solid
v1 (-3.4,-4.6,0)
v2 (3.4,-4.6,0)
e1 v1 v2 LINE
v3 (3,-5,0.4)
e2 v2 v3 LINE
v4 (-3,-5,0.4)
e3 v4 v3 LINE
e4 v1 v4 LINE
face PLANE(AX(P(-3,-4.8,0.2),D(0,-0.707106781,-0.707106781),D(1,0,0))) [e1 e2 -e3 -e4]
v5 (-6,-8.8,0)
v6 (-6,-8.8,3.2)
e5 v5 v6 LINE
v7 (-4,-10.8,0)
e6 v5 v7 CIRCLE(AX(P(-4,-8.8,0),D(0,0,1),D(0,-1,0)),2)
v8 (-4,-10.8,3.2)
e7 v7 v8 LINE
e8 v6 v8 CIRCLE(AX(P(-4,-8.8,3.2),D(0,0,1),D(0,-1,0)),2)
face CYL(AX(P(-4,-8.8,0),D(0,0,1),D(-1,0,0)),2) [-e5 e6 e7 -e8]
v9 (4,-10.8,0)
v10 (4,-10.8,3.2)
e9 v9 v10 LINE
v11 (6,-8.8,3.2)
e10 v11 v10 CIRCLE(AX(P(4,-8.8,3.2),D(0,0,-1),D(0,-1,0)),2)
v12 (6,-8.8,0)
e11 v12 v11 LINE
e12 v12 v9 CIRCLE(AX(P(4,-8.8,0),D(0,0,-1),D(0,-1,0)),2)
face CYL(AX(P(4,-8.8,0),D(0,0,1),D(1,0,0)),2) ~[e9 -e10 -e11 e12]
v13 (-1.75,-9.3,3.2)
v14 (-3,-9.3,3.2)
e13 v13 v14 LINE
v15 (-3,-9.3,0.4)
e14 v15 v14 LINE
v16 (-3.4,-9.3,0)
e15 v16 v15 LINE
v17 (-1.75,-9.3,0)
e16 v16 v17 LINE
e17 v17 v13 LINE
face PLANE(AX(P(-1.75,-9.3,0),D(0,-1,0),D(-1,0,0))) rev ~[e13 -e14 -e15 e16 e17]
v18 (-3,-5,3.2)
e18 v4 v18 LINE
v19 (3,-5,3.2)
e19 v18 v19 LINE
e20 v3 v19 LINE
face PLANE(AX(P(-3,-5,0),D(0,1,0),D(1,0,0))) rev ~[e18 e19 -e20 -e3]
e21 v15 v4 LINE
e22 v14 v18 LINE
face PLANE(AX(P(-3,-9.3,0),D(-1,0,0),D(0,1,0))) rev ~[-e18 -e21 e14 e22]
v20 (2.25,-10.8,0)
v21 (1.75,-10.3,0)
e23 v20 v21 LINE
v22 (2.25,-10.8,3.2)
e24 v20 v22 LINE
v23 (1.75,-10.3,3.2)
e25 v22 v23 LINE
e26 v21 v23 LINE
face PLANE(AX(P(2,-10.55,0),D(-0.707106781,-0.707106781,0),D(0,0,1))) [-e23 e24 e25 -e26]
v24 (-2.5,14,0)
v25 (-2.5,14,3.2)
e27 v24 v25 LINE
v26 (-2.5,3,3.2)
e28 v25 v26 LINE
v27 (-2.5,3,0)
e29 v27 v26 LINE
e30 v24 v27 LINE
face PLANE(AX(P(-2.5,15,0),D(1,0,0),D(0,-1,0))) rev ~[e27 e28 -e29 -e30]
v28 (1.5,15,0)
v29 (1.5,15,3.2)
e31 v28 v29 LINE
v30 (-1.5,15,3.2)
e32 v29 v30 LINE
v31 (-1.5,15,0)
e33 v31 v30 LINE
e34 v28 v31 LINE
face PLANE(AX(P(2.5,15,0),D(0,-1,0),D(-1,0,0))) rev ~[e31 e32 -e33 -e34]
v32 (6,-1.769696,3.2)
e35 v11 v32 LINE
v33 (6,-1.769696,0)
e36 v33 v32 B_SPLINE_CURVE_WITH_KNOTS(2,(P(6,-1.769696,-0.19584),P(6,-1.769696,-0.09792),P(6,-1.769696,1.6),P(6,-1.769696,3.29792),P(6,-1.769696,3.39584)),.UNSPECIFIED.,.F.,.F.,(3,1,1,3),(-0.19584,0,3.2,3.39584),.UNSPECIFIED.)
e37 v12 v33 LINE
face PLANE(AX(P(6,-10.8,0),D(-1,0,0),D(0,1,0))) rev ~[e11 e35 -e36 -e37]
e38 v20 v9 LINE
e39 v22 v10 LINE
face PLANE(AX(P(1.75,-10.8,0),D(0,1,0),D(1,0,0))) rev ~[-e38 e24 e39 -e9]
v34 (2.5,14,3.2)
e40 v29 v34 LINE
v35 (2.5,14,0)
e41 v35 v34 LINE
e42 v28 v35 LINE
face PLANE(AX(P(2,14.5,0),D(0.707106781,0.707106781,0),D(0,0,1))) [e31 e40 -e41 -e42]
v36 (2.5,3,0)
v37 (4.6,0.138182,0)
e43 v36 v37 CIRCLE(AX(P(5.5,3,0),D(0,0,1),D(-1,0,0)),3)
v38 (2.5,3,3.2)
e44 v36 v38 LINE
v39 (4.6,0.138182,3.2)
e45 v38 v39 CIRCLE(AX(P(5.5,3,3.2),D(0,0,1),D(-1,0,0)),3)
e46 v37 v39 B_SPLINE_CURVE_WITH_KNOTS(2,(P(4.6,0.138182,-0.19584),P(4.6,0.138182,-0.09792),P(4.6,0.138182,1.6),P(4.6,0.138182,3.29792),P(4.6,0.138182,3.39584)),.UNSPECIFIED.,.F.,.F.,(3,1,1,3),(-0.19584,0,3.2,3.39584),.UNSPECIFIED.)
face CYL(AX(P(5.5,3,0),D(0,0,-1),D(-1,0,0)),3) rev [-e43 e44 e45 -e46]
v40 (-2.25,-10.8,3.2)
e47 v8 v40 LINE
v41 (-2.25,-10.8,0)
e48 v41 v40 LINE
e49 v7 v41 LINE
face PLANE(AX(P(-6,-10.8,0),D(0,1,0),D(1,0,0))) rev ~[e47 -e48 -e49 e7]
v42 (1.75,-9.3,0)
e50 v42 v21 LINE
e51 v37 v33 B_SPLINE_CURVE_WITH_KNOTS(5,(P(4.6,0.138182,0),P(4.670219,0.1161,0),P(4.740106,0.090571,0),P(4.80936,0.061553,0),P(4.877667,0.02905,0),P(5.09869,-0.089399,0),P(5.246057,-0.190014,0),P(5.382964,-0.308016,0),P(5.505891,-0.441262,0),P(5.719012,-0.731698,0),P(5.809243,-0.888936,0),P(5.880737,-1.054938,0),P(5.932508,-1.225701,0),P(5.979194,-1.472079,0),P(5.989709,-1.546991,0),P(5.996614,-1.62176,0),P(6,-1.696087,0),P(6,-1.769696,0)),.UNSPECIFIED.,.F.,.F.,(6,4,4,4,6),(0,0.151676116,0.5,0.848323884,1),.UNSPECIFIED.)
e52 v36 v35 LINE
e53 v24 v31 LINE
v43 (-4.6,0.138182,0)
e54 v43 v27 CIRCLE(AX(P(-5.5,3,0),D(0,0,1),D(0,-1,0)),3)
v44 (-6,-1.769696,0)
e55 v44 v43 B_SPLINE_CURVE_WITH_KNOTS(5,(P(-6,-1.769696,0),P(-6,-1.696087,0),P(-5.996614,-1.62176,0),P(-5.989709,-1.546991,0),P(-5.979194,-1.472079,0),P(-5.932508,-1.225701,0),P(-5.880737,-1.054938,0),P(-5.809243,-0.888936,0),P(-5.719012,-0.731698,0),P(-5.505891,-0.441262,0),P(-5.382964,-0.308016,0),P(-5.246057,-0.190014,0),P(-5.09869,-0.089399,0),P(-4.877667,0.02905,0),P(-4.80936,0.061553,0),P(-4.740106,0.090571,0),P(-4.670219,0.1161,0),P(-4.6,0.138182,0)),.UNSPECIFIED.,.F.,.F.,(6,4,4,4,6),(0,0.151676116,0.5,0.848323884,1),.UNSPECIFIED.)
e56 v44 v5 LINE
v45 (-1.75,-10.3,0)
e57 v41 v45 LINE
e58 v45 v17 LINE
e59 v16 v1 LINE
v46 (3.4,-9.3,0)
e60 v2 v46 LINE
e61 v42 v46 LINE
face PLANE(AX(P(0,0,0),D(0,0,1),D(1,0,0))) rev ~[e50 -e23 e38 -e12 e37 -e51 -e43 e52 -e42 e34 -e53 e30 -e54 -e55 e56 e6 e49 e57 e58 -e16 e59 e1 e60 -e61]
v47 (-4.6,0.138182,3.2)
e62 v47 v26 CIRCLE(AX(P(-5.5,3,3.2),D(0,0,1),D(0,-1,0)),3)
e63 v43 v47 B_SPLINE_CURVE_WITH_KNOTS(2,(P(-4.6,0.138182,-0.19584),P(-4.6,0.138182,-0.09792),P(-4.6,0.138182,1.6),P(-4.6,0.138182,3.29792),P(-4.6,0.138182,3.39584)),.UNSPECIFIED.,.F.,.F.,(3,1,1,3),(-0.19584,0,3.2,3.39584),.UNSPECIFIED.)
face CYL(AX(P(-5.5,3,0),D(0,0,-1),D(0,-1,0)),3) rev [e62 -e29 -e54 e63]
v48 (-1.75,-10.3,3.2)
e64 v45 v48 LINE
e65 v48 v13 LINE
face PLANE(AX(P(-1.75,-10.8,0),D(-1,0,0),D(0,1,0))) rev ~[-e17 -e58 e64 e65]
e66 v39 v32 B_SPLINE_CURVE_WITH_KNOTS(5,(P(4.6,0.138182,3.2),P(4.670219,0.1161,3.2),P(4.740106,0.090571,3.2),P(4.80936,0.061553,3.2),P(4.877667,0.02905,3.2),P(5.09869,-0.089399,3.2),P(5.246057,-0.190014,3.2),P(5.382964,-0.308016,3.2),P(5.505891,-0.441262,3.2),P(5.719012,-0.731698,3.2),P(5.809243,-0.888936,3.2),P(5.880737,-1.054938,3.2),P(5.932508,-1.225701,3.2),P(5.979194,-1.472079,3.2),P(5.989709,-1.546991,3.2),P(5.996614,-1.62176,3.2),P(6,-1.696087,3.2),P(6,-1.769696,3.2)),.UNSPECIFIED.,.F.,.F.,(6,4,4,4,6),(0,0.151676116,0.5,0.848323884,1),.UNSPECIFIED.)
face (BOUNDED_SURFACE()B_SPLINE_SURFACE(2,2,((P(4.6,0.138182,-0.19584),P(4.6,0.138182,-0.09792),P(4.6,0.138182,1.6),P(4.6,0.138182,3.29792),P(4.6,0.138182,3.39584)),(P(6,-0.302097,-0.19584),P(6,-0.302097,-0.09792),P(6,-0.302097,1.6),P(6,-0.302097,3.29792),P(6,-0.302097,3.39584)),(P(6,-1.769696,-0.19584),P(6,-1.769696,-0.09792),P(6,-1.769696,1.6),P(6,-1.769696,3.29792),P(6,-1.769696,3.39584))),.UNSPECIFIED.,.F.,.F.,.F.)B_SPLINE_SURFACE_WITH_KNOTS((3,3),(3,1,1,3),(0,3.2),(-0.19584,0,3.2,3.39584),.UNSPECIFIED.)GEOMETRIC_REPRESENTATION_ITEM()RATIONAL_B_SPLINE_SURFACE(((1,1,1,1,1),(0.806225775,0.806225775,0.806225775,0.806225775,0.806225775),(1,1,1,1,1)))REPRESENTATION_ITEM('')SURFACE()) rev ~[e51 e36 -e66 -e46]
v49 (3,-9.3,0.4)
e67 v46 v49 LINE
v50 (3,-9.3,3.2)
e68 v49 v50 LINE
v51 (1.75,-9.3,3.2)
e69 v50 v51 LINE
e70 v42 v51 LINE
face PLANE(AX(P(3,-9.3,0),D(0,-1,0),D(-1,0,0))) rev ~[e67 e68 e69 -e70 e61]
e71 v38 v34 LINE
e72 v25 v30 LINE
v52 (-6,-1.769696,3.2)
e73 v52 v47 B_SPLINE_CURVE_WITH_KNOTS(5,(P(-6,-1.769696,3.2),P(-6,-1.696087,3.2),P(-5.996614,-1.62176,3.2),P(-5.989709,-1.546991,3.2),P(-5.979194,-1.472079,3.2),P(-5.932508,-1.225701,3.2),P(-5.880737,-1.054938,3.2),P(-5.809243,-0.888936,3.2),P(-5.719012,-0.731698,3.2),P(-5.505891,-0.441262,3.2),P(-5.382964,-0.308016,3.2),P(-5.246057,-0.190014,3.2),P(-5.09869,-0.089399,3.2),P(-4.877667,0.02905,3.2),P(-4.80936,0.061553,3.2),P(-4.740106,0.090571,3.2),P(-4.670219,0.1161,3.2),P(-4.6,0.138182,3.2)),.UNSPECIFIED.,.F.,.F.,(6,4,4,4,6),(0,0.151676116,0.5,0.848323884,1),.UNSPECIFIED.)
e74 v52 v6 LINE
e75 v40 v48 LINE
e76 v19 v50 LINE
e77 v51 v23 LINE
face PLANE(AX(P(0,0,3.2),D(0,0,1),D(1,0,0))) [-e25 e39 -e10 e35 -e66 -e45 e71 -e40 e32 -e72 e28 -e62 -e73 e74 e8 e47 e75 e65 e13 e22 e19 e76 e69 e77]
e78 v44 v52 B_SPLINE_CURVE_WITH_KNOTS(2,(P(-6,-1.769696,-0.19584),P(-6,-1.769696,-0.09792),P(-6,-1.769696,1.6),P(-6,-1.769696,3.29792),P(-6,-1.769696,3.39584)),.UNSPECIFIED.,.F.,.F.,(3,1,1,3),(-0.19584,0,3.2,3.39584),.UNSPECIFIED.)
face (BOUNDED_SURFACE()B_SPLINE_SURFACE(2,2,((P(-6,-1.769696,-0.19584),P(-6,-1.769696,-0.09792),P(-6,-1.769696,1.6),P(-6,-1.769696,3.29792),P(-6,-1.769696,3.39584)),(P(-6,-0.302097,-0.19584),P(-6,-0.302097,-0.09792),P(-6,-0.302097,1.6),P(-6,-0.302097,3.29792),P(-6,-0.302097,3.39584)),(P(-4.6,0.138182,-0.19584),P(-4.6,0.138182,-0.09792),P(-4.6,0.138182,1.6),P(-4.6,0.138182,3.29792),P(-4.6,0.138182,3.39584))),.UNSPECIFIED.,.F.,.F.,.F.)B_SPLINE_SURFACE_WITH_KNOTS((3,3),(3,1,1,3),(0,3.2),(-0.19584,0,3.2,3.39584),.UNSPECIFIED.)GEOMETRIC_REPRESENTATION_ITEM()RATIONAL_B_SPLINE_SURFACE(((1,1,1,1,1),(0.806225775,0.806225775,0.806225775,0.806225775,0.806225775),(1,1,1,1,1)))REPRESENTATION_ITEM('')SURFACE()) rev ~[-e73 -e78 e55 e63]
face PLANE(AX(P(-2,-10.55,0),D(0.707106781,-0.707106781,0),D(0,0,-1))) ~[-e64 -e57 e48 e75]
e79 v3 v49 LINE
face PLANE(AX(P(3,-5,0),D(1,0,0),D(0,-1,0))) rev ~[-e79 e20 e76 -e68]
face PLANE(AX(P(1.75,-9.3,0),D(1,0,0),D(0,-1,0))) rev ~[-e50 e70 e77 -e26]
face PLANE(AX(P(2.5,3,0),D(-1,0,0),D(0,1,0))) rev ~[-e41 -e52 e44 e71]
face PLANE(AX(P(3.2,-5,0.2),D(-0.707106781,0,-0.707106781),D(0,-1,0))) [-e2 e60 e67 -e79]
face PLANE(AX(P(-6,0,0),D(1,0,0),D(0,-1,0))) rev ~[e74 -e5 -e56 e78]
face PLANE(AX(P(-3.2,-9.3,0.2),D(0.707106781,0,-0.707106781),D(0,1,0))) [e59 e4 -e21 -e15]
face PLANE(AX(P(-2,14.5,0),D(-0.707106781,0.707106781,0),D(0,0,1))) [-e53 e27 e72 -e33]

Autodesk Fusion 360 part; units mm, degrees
sketch "スケッチ1" plane through (0, 0, 0) normal (0, 0, 1) x (1, 0, 0)
  line L0 (-6, -10.8) -> (-1.75, -10.8)
  line L1 (-1.75, -10.8) -> (-1.75, -9.3)
  line L2 (-1.75, -9.3) -> (-3, -9.3)
  line L3 (-3, -9.3) -> (-3, -5)
  line L4 (-3, -5) -> (3, -5)
  line L5 (3, -5) -> (3, -9.3)
  line L6 (3, -9.3) -> (1.75, -9.3)
  line L7 (1.75, -9.3) -> (1.75, -10.8)
  line L8 (1.75, -10.8) -> (6, -10.8)
  line L9 (6, -10.8) -> (6, 0)
  line L10 (6, 0) -> (5.5, 0)
  line L11 (2.5, 3) -> (2.5, 15)
  line L12 (2.5, 15) -> (-2.5, 15)
  line L13 (-2.5, 15) -> (-2.5, 3)
  line L14 (-5.5, 0) -> (-6, 0)
  line L15 (-6, 0) -> (-6, -10.8)
  line L16 (0, 0) -> (0, -5) construction
  line L17 (-2.5, 0) -> (1.5, 0) construction
  arc A0 (-5.5, 0) -> (-2.5, 3) centre (-5.5, 3) ccw
  arc A1 (2.5, 3) -> (5.5, 0) centre (5.5, 3) ccw
  dimension "d4" = 6
  dimension "d5" = 1.5
  dimension "d6" = 4.3
  dimension "d7" = 3
  dimension "d8" = 5
  dimension "d9" = 5
  dimension "d10" = 15
  dimension "d11" = 3.5
  dimension "d12" = 3
  dimension "d13" = 3
extrude "押し出し1" add sketch "スケッチ1" along normal blind 3.2
fillet "フィレット1" radius 2 4 edges at (-6, 0, 1.6) (-6, -10.8, 1.6) (6, 0, 1.6) (6, -10.8, 1.6)
chamfer "面取り1" distance 1 angle 45 2 edges at (2.5, 15, 1.6) (-2.5, 15, 1.6)
chamfer "面取り2" distance 0.5 angle 45 2 edges at (1.75, -10.8, 1.6) (-1.75, -10.8, 1.6)
chamfer "面取り3" distance 0.4 angle 45 3 edges at (3, -7.15, 0) (0, -5, 0) (-3, -7.15, 0)
equation "d1 = 3.7 mm - 0.5 mm"
